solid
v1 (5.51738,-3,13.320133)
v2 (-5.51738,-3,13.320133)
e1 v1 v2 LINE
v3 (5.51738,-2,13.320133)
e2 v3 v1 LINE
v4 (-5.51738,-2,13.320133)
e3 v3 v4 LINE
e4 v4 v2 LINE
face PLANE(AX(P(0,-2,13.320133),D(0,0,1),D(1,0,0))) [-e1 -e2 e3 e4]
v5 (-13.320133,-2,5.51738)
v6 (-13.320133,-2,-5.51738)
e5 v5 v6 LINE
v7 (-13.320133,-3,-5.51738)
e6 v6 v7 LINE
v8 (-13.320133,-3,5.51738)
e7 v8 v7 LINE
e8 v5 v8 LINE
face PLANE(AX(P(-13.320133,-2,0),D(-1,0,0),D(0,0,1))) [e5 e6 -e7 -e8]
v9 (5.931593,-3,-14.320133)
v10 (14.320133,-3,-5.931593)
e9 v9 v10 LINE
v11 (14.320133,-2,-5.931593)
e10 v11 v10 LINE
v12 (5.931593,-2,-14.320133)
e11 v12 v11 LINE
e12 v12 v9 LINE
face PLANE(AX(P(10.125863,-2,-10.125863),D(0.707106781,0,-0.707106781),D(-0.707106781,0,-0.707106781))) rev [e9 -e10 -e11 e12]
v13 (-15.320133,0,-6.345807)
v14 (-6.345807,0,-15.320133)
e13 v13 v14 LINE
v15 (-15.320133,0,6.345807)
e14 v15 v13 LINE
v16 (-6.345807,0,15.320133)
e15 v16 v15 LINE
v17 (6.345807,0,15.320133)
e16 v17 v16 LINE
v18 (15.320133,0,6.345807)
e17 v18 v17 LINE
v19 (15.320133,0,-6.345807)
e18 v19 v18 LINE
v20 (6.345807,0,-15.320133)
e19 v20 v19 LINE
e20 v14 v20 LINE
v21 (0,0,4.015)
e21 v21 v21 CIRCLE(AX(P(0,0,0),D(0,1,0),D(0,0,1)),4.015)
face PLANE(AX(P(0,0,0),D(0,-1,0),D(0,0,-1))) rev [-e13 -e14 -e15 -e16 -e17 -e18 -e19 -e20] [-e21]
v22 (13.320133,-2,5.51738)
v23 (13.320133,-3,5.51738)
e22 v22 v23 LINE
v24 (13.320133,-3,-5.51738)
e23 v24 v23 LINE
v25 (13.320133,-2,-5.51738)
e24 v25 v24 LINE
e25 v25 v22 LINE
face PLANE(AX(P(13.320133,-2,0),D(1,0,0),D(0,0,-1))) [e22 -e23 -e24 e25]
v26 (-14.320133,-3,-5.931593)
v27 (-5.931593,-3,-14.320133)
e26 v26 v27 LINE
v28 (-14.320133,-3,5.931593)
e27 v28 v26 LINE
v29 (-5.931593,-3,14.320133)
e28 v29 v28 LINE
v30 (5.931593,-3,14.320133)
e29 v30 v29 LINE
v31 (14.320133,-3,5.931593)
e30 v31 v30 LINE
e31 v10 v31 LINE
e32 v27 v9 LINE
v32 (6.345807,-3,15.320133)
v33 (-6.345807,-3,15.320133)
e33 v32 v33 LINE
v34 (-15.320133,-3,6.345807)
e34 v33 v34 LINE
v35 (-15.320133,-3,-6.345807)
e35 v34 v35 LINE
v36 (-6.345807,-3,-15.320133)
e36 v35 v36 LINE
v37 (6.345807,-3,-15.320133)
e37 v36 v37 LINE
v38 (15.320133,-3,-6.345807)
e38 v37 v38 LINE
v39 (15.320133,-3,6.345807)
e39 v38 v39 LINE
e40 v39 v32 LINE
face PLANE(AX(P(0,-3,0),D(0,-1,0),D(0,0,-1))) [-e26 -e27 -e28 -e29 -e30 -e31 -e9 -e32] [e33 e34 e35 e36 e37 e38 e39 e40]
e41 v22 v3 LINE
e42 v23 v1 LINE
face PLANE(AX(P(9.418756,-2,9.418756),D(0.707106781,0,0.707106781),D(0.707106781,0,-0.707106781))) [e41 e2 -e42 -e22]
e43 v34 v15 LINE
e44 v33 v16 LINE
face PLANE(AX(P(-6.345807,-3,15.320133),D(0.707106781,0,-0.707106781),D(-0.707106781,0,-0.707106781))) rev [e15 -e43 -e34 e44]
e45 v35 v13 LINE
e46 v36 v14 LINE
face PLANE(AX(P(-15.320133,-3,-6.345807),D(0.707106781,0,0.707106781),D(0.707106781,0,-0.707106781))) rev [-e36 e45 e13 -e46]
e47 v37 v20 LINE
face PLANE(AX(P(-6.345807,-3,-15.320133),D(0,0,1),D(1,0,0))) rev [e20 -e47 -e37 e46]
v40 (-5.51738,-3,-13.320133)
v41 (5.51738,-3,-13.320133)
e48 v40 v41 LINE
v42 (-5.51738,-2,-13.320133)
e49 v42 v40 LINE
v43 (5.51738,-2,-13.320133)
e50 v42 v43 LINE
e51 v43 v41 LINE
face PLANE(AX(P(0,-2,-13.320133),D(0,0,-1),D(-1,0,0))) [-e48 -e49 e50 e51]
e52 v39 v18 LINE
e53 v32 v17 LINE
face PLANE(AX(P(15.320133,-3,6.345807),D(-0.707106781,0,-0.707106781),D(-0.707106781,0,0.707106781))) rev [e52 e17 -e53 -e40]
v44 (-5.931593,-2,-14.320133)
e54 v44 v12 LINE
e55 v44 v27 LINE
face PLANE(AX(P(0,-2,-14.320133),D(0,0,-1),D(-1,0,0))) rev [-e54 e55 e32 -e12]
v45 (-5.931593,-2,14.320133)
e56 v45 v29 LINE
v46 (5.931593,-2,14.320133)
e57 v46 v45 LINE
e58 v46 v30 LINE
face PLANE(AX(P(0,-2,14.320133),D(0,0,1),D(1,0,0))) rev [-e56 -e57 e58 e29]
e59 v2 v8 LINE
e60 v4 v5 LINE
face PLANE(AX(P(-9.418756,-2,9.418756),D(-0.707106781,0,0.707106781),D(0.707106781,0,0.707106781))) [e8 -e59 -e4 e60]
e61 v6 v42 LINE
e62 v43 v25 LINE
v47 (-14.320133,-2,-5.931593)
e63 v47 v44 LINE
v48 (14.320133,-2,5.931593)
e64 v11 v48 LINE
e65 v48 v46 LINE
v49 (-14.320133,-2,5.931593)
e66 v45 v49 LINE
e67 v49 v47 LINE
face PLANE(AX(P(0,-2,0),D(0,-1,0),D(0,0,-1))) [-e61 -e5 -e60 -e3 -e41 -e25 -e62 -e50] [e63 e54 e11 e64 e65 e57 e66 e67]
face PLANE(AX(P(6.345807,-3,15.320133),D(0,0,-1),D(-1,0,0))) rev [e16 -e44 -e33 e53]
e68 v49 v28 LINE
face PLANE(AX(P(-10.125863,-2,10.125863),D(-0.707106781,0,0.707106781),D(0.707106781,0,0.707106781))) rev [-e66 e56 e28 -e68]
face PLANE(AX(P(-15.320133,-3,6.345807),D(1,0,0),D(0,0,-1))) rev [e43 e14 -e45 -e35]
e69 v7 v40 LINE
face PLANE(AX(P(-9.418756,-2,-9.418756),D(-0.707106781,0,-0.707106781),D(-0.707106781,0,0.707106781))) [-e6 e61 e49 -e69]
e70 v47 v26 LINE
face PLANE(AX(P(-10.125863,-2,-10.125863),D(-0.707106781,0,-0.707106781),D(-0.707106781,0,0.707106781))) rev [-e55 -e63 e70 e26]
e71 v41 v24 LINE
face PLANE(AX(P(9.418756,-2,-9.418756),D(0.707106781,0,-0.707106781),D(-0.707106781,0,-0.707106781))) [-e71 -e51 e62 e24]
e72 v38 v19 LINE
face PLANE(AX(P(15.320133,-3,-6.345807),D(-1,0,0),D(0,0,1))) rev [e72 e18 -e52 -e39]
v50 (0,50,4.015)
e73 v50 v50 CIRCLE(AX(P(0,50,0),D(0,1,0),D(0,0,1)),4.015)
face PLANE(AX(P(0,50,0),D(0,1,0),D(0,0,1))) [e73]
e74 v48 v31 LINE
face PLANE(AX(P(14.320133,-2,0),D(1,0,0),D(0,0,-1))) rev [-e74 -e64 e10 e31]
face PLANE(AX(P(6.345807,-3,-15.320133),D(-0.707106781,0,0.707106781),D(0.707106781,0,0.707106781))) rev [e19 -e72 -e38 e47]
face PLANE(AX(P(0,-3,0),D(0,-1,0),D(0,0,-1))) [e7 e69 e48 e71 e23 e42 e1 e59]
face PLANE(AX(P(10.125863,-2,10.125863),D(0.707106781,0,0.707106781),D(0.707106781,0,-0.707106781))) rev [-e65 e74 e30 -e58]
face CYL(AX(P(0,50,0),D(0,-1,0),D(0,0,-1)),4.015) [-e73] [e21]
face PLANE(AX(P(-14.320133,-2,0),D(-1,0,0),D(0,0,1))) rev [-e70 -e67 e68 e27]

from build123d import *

# Parameters (mm, degrees)
SKETCH_1_R          = 4.015
EXTRUDE_1_DEPTH     = 50
EXTRUDE_2_DEPTH     = 3
CUT_EXTRUDE_1_DEPTH = 1


with BuildPart() as part:
    # 스케치1 → 보스-돌출1 (new body)
    with BuildSketch(Plane(origin=(0, 0, 0), x_dir=(1, 0, 0), z_dir=(0, 1, 0))):
        Circle(SKETCH_1_R)
    extrude(amount=EXTRUDE_1_DEPTH)

    # 스케치2 → 보스-돌출2 (add)
    with BuildSketch(Plane.XZ):
        Polygon((6.345806764, -15.320132754), (15.320132754, -6.345806764), (15.320132754, 6.345806764), (6.345806764, 15.320132754), (-6.345806764, 15.320132754), (-15.320132754, 6.345806764), (-15.320132754, -6.345806764), (-6.345806764, -15.320132754), align=None)
    extrude(amount=EXTRUDE_2_DEPTH)

    # 스케치3 → 컷-돌출1 (cut)
    with BuildSketch(Plane.XZ.offset(3)):
        Polygon((-14.320132754, -5.931593202), (-5.931593202, -14.320132754), (5.931593202, -14.320132754), (14.320132754, -5.931593202), (14.320132754, 5.931593202), (5.931593202, 14.320132754), (-5.931593202, 14.320132754), (-14.320132754, 5.931593202), align=None)
        Polygon((-5.517379639, -13.320132754), (5.517379639, -13.320132754), (13.320132754, -5.517379639), (13.320132754, 5.517379639), (5.517379639, 13.320132754), (-5.517379639, 13.320132754), (-13.320132754, 5.517379639), (-13.320132754, -5.517379639), align=None, mode=Mode.SUBTRACT)
    extrude(amount=-CUT_EXTRUDE_1_DEPTH, mode=Mode.SUBTRACT)


solid = part.part
